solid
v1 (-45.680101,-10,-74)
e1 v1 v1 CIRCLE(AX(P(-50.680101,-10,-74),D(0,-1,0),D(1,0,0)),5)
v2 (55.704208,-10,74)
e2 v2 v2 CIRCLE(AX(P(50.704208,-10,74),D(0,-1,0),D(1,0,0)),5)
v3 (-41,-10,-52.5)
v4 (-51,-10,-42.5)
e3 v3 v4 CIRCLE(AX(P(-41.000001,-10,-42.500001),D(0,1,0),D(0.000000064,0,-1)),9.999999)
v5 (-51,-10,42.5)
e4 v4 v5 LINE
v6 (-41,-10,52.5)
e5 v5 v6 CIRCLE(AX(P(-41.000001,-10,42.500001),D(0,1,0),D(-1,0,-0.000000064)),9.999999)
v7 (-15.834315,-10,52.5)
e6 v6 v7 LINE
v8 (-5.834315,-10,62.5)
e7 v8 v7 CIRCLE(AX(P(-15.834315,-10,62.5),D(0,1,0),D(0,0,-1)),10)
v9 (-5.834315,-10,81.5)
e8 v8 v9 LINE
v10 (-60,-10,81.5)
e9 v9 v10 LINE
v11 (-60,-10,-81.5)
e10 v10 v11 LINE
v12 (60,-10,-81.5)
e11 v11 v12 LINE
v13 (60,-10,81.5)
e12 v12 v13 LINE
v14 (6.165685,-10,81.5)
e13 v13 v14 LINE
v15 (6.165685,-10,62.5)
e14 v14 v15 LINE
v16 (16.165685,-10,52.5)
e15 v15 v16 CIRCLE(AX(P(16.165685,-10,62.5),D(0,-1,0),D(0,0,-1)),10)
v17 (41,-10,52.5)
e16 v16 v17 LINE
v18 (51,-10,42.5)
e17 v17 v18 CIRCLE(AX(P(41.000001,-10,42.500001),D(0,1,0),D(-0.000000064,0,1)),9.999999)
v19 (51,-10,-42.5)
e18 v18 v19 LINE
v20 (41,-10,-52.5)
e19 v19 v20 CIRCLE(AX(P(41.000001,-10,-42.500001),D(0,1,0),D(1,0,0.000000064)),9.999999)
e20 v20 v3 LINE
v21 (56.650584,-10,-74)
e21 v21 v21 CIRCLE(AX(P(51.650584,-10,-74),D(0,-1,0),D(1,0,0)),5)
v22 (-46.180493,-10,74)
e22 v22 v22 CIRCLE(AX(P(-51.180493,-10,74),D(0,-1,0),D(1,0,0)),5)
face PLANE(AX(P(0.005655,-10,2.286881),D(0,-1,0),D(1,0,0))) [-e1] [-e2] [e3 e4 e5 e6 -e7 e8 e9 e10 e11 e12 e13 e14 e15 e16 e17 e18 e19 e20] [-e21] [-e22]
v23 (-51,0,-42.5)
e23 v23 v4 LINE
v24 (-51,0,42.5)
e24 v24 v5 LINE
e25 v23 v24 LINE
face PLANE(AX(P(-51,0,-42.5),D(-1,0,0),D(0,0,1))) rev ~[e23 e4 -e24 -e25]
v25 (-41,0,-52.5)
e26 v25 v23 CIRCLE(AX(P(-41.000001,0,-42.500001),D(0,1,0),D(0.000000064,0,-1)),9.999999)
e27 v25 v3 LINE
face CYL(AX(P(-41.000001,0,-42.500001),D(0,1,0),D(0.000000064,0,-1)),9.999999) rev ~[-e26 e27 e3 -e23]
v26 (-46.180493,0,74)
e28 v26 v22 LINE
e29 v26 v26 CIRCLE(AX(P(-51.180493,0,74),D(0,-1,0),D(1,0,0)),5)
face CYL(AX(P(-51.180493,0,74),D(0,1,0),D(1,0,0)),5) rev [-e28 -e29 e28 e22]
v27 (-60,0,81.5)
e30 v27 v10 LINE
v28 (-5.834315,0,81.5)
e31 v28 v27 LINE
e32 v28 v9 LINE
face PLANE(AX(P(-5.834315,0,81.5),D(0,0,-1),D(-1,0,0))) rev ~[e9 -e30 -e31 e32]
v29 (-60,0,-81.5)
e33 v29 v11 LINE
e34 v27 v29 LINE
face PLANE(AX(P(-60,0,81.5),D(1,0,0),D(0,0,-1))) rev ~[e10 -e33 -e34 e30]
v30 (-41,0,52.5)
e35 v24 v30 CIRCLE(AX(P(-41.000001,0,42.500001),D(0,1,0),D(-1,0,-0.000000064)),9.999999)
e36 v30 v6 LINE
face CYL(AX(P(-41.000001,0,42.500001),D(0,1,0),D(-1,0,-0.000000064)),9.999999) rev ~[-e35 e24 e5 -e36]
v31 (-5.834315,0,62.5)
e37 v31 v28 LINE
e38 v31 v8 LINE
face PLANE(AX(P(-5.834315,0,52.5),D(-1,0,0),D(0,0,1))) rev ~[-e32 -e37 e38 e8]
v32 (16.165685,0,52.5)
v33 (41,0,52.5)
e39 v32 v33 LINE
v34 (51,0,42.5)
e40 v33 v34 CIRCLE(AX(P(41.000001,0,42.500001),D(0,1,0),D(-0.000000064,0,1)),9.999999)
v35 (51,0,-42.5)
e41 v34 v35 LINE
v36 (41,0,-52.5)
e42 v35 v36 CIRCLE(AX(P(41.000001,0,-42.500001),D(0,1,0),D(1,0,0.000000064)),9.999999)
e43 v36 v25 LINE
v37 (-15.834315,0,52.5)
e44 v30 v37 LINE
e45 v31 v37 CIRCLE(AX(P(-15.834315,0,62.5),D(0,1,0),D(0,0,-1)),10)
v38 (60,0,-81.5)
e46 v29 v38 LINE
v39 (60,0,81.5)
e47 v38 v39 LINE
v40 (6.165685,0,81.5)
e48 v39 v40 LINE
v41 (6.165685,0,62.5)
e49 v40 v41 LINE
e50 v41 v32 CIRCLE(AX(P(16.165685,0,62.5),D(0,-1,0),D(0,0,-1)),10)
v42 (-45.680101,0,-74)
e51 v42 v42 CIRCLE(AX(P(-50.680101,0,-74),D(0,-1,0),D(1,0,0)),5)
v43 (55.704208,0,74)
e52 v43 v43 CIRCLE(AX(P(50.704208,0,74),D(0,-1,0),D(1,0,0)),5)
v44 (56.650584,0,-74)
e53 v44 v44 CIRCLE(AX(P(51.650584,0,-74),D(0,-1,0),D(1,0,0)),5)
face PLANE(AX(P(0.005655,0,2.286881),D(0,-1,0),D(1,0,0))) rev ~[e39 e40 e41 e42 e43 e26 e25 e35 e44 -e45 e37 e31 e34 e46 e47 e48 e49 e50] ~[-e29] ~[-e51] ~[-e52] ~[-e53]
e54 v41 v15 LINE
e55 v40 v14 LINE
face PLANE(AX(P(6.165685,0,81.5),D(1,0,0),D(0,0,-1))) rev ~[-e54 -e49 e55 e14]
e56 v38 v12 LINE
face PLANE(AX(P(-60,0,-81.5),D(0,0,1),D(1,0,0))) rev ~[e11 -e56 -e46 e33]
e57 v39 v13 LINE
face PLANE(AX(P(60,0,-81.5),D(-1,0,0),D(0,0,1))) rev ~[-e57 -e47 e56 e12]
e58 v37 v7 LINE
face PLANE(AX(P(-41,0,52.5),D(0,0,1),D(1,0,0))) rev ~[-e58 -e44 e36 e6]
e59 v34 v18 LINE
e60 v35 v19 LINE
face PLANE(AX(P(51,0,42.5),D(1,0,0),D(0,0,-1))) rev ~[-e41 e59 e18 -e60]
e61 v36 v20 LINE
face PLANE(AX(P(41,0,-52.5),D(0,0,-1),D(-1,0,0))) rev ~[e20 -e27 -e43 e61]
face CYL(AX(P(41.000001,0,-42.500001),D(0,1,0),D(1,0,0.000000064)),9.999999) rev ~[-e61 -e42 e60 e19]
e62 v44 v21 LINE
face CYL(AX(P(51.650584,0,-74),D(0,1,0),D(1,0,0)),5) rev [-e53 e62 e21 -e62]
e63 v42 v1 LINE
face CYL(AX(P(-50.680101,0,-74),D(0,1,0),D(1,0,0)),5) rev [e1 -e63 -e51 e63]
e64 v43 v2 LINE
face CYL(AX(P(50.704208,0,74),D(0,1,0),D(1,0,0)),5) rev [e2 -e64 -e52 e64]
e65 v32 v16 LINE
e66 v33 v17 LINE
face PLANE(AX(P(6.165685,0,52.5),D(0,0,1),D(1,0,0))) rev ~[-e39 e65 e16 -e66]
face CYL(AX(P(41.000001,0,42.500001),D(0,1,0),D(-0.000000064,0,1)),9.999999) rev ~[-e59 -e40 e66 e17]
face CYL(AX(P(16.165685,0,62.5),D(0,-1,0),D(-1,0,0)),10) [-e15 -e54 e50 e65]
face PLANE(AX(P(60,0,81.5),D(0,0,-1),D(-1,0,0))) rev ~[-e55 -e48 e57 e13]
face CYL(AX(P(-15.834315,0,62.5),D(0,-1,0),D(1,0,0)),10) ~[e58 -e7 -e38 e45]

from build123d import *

# Parameters (mm, degrees)
F0_R     = 5
F1_DEPTH = 10
F2_R     = 10
F3_R     = 10


with BuildPart() as f1:
    # F0 (on Front) → F1 (new body)
    with BuildSketch(Plane.XZ):
        with BuildLine():
            Line((-60, -81.5), (60, -81.5))
            Line((60, -81.5), (60, 81.5))
            Line((60, 81.5), (6.165685, 81.5))
            Line((6.165685, 81.5), (6.165685, 52.5))
            Line((6.165685, 52.5), (41, 52.5))
            ThreePointArc((41, 52.5), (48.071068, 49.571068), (51, 42.5))
            Line((51, 42.5), (51, -42.5))
            ThreePointArc((51, -42.5), (48.071068, -49.571068), (41, -52.5))
            Line((41, -52.5), (-41, -52.5))
            ThreePointArc((-41, -52.5), (-48.071068, -49.571068), (-51, -42.5))
            Line((-51, -42.5), (-51, 42.5))
            ThreePointArc((-51, 42.5), (-48.071068, 49.571068), (-41, 52.5))
            Line((-41, 52.5), (-5.834315, 52.5))
            Line((-5.834315, 52.5), (-5.834315, 81.5))
            Line((-5.834315, 81.5), (-60, 81.5))
            Line((-60, 81.5), (-60, -81.5))
        make_face()
        with Locations((-50.680101, -74)):
            Circle(F0_R, mode=Mode.SUBTRACT)
        with Locations((51.650584, -74)):
            Circle(F0_R, mode=Mode.SUBTRACT)
        with Locations((-51.180493, 74)):
            Circle(F0_R, mode=Mode.SUBTRACT)
        with Locations((50.704208, 74)):
            Circle(F0_R, mode=Mode.SUBTRACT)
    extrude(amount=F1_DEPTH)

    # F2
    f2_edges = [f1.edges().sort_by_distance(p)[0] for p in [
        (-5.834315, -5, 52.5),
    ]]
    fillet(f2_edges, radius=F2_R)

    # F3
    f3_edges = [f1.edges().sort_by_distance(p)[0] for p in [
        (6.165685, -5, 52.5),
    ]]
    fillet(f3_edges, radius=F3_R)


solid = f1.part
